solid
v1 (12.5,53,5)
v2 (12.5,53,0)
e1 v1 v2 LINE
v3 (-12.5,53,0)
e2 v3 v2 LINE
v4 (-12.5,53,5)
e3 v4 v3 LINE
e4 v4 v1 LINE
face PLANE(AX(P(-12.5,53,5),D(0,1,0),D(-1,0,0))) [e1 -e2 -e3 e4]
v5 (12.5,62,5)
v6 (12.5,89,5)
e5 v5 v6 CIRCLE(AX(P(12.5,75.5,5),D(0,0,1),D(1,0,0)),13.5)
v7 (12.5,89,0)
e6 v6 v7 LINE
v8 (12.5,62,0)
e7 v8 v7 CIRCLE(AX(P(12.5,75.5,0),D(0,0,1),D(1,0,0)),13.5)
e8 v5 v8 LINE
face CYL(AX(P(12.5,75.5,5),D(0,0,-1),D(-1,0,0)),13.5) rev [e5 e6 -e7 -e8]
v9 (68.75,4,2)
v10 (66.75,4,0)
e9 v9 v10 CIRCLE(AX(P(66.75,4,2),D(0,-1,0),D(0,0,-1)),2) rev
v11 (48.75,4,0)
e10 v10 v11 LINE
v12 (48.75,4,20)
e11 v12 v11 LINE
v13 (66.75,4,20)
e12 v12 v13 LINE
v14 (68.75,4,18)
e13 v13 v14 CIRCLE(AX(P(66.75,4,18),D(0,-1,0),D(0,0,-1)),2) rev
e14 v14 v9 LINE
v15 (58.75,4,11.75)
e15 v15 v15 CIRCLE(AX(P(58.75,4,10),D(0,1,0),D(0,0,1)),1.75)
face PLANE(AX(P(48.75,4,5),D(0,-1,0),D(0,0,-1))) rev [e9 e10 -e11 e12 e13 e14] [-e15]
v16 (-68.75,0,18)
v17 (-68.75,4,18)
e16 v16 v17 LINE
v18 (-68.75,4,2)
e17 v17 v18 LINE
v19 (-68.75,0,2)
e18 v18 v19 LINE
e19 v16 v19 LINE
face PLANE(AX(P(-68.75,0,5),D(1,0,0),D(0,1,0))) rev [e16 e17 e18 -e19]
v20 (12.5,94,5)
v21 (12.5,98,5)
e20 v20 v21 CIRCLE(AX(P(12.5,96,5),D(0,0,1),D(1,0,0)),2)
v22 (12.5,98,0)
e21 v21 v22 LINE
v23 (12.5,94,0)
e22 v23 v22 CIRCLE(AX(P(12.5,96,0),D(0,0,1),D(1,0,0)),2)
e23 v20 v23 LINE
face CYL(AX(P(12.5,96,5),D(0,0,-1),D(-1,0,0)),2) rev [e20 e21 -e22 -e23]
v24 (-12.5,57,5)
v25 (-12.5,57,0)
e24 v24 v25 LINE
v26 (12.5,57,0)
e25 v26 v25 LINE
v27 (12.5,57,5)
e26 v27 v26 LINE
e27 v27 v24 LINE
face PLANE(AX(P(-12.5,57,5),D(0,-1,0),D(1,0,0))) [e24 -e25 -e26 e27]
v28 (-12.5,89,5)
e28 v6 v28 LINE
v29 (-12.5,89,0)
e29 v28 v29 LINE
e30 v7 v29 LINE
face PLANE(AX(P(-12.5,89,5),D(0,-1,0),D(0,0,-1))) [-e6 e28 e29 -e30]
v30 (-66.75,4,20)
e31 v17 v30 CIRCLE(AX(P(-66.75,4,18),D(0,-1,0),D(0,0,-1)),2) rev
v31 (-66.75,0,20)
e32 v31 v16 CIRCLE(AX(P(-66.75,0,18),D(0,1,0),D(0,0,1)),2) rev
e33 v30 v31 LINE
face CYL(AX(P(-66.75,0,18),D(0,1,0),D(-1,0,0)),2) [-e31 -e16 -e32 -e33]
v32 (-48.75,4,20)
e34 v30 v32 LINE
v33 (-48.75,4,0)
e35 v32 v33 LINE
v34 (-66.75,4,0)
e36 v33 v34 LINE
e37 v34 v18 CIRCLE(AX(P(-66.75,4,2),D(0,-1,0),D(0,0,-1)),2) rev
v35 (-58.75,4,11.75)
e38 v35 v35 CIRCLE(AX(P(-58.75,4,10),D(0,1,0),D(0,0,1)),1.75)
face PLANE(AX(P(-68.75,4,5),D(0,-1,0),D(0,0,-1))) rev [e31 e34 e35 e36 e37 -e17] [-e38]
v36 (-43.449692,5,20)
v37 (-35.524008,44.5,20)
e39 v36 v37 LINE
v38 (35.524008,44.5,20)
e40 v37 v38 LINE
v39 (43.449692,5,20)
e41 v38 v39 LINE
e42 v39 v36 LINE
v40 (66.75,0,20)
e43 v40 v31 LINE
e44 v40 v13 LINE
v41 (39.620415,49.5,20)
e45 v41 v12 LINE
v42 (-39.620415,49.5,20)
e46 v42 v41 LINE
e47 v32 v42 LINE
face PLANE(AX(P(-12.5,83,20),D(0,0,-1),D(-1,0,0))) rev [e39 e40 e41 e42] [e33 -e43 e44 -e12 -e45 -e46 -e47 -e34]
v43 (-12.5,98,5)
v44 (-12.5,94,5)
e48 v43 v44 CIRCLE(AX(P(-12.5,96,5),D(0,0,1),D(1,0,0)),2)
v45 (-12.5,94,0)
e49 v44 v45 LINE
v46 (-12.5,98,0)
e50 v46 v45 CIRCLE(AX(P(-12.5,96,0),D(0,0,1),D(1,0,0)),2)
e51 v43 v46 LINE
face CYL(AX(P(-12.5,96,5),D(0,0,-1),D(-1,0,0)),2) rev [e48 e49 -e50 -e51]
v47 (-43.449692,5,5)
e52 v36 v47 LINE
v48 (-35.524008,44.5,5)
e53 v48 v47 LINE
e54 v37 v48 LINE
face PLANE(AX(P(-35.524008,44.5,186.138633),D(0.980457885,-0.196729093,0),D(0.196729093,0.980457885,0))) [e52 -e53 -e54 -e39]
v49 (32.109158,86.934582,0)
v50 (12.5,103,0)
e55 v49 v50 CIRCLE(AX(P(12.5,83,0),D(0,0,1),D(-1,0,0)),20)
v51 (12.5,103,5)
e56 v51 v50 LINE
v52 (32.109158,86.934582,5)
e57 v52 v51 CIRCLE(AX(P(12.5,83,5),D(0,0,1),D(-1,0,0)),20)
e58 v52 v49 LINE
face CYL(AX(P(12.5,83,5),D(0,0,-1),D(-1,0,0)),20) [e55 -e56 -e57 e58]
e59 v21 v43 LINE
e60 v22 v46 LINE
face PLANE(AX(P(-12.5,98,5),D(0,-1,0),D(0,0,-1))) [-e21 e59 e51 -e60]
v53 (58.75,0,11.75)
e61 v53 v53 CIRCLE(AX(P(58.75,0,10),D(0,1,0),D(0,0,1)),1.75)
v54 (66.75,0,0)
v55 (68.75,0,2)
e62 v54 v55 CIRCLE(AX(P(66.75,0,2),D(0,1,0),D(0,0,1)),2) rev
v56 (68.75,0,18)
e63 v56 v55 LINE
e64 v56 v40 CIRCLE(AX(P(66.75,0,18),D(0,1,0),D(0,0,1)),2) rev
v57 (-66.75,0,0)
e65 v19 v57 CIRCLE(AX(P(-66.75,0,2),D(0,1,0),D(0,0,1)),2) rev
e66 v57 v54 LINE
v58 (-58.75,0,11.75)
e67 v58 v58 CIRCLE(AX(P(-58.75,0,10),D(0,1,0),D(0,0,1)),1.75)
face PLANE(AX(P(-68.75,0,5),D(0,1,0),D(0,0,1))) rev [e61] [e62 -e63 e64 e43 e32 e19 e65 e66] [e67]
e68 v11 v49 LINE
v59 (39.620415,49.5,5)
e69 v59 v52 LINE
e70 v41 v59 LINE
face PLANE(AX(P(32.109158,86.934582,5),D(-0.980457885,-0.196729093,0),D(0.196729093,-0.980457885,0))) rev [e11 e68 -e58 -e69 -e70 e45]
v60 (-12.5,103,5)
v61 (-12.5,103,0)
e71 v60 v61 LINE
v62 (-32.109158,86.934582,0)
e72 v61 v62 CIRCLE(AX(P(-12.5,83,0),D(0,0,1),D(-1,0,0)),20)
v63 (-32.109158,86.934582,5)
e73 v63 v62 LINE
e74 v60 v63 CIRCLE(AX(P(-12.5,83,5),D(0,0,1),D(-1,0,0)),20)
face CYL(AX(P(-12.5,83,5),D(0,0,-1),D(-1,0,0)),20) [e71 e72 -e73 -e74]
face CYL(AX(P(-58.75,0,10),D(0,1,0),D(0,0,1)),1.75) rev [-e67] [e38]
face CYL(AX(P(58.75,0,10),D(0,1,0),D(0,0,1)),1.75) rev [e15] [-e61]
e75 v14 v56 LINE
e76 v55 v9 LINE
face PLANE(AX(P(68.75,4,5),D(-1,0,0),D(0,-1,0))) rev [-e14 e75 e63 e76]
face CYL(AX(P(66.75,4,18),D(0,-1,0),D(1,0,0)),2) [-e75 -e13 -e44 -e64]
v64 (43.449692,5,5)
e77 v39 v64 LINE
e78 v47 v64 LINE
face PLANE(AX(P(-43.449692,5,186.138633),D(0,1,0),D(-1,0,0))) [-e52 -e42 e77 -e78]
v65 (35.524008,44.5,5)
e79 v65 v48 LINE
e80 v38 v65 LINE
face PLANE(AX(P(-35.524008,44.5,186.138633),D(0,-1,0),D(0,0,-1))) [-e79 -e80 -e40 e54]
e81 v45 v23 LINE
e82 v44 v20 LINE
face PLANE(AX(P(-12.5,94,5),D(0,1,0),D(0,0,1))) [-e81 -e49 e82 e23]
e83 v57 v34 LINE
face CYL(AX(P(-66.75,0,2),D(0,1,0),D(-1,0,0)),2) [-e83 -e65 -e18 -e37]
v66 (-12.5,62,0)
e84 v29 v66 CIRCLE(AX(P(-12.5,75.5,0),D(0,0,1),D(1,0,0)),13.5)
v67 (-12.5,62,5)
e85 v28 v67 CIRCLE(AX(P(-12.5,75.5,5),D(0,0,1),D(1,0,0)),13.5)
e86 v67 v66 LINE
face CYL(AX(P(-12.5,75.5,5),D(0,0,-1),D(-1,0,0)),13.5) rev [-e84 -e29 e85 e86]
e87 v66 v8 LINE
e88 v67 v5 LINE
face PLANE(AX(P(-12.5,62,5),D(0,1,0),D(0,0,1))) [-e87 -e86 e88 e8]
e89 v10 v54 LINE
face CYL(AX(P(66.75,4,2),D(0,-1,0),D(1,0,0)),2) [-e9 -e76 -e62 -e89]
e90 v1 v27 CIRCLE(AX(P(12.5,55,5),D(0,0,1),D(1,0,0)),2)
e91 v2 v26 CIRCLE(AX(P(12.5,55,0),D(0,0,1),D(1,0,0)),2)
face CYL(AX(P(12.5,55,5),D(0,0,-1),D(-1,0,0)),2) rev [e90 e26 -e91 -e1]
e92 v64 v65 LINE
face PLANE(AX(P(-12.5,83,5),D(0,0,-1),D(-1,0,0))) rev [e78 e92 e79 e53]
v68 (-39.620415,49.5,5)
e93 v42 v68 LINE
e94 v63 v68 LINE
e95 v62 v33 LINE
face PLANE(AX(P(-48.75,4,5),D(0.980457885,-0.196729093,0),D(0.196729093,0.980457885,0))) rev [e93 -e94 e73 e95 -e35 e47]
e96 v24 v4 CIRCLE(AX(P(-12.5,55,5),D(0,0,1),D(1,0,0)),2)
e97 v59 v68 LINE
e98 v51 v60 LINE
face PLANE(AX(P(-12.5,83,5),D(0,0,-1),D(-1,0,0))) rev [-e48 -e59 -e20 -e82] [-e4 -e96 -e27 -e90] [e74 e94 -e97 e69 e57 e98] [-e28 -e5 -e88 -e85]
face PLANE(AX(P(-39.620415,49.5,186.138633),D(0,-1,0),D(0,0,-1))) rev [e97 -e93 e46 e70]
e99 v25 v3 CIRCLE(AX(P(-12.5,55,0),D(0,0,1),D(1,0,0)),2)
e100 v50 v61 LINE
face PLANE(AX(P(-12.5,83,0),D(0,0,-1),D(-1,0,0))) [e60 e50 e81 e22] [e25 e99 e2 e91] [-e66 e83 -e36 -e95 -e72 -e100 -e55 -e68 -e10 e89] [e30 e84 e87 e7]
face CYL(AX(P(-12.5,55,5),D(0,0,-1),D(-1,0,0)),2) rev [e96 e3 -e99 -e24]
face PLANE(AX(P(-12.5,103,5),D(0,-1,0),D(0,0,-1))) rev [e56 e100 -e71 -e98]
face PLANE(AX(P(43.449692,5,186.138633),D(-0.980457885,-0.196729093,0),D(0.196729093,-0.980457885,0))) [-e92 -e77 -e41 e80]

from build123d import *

# Parameters (mm, degrees)
BOSS_EXTRUDE1_DEPTH = 5
BOSS_EXTRUDE2_DEPTH = 15
SKETCH4_R           = 1.75
CUT_EXTRUDE1_DEPTH  = 5
FILLET2_R           = 2


with BuildPart() as part:
    # Sketch1 → Boss-Extrude1 (new body)
    with BuildSketch(Plane.XY):
        with BuildLine():
            Line((-68.75, 0), (68.75, 0))
            Line((68.75, 0), (68.75, 4))
            Line((68.75, 4), (48.75, 4))
            Line((48.75, 4), (32.109157698, 86.934581855))
            ThreePointArc((32.109157698, 86.934581855), (25.174943055, 98.470805362), (12.5, 103))
            Line((12.5, 103), (-12.5, 103))
            ThreePointArc((-12.5, 103), (-25.174943055, 98.470805362), (-32.109157698, 86.934581855))
            Line((-32.109157698, 86.934581855), (-48.75, 4))
            Line((-48.75, 4), (-68.75, 4))
            Line((-68.75, 4), (-68.75, 0))
        make_face()
        with BuildLine():
            Line((-12.5, 98), (12.5, 98))
            ThreePointArc((12.5, 98), (14.5, 96), (12.5, 94))
            Line((12.5, 94), (-12.5, 94))
            ThreePointArc((-12.5, 94), (-14.5, 96), (-12.5, 98))
        make_face(mode=Mode.SUBTRACT)
        with BuildLine():
            Line((-12.5, 89), (12.5, 89))
            ThreePointArc((12.5, 89), (26, 75.5), (12.5, 62))
            Line((12.5, 62), (-12.5, 62))
            ThreePointArc((-12.5, 62), (-26, 75.5), (-12.5, 89))
        make_face(mode=Mode.SUBTRACT)
        with BuildLine():
            Line((-12.5, 57), (12.5, 57))
            ThreePointArc((12.5, 57), (14.5, 55), (12.5, 53))
            Line((12.5, 53), (-12.5, 53))
            ThreePointArc((-12.5, 53), (-14.5, 55), (-12.5, 57))
        make_face(mode=Mode.SUBTRACT)
    extrude(amount=BOSS_EXTRUDE1_DEPTH)

    # Sketch2 → Boss-Extrude2 (add)
    with BuildSketch(Plane.XY.offset(5)):
        Polygon((-39.620414876, 49.5), (39.620414876, 49.5), (48.75, 4), (68.75, 4), (68.75, 0), (-68.75, 0), (-68.75, 4), (-48.75, 4), align=None)
        Polygon((-35.524007883, 44.5), (-43.449691672, 5), (43.449691672, 5), (35.524007883, 44.5), align=None, mode=Mode.SUBTRACT)
    extrude(amount=BOSS_EXTRUDE2_DEPTH)

    # Sketch4 → Cut-Extrude1 (cut, through all)
    with BuildSketch(Plane(origin=(0, 4, 0), x_dir=(1, 0, 0), z_dir=(0, 1, 0))):
        with Locations((-58.75, -10)):
            Circle(SKETCH4_R)
        with Locations((58.75, -10)):
            Circle(SKETCH4_R)
    extrude(amount=-CUT_EXTRUDE1_DEPTH, mode=Mode.SUBTRACT)

    # Fillet2
    fillet2_edges = [part.edges().sort_by_distance(p)[0] for p in [
        (68.75, 2, 0),
        (-68.75, 2, 0),
        (-68.75, 2, 20),
        (68.75, 2, 20),
    ]]
    fillet(fillet2_edges, radius=FILLET2_R)


solid = part.part
